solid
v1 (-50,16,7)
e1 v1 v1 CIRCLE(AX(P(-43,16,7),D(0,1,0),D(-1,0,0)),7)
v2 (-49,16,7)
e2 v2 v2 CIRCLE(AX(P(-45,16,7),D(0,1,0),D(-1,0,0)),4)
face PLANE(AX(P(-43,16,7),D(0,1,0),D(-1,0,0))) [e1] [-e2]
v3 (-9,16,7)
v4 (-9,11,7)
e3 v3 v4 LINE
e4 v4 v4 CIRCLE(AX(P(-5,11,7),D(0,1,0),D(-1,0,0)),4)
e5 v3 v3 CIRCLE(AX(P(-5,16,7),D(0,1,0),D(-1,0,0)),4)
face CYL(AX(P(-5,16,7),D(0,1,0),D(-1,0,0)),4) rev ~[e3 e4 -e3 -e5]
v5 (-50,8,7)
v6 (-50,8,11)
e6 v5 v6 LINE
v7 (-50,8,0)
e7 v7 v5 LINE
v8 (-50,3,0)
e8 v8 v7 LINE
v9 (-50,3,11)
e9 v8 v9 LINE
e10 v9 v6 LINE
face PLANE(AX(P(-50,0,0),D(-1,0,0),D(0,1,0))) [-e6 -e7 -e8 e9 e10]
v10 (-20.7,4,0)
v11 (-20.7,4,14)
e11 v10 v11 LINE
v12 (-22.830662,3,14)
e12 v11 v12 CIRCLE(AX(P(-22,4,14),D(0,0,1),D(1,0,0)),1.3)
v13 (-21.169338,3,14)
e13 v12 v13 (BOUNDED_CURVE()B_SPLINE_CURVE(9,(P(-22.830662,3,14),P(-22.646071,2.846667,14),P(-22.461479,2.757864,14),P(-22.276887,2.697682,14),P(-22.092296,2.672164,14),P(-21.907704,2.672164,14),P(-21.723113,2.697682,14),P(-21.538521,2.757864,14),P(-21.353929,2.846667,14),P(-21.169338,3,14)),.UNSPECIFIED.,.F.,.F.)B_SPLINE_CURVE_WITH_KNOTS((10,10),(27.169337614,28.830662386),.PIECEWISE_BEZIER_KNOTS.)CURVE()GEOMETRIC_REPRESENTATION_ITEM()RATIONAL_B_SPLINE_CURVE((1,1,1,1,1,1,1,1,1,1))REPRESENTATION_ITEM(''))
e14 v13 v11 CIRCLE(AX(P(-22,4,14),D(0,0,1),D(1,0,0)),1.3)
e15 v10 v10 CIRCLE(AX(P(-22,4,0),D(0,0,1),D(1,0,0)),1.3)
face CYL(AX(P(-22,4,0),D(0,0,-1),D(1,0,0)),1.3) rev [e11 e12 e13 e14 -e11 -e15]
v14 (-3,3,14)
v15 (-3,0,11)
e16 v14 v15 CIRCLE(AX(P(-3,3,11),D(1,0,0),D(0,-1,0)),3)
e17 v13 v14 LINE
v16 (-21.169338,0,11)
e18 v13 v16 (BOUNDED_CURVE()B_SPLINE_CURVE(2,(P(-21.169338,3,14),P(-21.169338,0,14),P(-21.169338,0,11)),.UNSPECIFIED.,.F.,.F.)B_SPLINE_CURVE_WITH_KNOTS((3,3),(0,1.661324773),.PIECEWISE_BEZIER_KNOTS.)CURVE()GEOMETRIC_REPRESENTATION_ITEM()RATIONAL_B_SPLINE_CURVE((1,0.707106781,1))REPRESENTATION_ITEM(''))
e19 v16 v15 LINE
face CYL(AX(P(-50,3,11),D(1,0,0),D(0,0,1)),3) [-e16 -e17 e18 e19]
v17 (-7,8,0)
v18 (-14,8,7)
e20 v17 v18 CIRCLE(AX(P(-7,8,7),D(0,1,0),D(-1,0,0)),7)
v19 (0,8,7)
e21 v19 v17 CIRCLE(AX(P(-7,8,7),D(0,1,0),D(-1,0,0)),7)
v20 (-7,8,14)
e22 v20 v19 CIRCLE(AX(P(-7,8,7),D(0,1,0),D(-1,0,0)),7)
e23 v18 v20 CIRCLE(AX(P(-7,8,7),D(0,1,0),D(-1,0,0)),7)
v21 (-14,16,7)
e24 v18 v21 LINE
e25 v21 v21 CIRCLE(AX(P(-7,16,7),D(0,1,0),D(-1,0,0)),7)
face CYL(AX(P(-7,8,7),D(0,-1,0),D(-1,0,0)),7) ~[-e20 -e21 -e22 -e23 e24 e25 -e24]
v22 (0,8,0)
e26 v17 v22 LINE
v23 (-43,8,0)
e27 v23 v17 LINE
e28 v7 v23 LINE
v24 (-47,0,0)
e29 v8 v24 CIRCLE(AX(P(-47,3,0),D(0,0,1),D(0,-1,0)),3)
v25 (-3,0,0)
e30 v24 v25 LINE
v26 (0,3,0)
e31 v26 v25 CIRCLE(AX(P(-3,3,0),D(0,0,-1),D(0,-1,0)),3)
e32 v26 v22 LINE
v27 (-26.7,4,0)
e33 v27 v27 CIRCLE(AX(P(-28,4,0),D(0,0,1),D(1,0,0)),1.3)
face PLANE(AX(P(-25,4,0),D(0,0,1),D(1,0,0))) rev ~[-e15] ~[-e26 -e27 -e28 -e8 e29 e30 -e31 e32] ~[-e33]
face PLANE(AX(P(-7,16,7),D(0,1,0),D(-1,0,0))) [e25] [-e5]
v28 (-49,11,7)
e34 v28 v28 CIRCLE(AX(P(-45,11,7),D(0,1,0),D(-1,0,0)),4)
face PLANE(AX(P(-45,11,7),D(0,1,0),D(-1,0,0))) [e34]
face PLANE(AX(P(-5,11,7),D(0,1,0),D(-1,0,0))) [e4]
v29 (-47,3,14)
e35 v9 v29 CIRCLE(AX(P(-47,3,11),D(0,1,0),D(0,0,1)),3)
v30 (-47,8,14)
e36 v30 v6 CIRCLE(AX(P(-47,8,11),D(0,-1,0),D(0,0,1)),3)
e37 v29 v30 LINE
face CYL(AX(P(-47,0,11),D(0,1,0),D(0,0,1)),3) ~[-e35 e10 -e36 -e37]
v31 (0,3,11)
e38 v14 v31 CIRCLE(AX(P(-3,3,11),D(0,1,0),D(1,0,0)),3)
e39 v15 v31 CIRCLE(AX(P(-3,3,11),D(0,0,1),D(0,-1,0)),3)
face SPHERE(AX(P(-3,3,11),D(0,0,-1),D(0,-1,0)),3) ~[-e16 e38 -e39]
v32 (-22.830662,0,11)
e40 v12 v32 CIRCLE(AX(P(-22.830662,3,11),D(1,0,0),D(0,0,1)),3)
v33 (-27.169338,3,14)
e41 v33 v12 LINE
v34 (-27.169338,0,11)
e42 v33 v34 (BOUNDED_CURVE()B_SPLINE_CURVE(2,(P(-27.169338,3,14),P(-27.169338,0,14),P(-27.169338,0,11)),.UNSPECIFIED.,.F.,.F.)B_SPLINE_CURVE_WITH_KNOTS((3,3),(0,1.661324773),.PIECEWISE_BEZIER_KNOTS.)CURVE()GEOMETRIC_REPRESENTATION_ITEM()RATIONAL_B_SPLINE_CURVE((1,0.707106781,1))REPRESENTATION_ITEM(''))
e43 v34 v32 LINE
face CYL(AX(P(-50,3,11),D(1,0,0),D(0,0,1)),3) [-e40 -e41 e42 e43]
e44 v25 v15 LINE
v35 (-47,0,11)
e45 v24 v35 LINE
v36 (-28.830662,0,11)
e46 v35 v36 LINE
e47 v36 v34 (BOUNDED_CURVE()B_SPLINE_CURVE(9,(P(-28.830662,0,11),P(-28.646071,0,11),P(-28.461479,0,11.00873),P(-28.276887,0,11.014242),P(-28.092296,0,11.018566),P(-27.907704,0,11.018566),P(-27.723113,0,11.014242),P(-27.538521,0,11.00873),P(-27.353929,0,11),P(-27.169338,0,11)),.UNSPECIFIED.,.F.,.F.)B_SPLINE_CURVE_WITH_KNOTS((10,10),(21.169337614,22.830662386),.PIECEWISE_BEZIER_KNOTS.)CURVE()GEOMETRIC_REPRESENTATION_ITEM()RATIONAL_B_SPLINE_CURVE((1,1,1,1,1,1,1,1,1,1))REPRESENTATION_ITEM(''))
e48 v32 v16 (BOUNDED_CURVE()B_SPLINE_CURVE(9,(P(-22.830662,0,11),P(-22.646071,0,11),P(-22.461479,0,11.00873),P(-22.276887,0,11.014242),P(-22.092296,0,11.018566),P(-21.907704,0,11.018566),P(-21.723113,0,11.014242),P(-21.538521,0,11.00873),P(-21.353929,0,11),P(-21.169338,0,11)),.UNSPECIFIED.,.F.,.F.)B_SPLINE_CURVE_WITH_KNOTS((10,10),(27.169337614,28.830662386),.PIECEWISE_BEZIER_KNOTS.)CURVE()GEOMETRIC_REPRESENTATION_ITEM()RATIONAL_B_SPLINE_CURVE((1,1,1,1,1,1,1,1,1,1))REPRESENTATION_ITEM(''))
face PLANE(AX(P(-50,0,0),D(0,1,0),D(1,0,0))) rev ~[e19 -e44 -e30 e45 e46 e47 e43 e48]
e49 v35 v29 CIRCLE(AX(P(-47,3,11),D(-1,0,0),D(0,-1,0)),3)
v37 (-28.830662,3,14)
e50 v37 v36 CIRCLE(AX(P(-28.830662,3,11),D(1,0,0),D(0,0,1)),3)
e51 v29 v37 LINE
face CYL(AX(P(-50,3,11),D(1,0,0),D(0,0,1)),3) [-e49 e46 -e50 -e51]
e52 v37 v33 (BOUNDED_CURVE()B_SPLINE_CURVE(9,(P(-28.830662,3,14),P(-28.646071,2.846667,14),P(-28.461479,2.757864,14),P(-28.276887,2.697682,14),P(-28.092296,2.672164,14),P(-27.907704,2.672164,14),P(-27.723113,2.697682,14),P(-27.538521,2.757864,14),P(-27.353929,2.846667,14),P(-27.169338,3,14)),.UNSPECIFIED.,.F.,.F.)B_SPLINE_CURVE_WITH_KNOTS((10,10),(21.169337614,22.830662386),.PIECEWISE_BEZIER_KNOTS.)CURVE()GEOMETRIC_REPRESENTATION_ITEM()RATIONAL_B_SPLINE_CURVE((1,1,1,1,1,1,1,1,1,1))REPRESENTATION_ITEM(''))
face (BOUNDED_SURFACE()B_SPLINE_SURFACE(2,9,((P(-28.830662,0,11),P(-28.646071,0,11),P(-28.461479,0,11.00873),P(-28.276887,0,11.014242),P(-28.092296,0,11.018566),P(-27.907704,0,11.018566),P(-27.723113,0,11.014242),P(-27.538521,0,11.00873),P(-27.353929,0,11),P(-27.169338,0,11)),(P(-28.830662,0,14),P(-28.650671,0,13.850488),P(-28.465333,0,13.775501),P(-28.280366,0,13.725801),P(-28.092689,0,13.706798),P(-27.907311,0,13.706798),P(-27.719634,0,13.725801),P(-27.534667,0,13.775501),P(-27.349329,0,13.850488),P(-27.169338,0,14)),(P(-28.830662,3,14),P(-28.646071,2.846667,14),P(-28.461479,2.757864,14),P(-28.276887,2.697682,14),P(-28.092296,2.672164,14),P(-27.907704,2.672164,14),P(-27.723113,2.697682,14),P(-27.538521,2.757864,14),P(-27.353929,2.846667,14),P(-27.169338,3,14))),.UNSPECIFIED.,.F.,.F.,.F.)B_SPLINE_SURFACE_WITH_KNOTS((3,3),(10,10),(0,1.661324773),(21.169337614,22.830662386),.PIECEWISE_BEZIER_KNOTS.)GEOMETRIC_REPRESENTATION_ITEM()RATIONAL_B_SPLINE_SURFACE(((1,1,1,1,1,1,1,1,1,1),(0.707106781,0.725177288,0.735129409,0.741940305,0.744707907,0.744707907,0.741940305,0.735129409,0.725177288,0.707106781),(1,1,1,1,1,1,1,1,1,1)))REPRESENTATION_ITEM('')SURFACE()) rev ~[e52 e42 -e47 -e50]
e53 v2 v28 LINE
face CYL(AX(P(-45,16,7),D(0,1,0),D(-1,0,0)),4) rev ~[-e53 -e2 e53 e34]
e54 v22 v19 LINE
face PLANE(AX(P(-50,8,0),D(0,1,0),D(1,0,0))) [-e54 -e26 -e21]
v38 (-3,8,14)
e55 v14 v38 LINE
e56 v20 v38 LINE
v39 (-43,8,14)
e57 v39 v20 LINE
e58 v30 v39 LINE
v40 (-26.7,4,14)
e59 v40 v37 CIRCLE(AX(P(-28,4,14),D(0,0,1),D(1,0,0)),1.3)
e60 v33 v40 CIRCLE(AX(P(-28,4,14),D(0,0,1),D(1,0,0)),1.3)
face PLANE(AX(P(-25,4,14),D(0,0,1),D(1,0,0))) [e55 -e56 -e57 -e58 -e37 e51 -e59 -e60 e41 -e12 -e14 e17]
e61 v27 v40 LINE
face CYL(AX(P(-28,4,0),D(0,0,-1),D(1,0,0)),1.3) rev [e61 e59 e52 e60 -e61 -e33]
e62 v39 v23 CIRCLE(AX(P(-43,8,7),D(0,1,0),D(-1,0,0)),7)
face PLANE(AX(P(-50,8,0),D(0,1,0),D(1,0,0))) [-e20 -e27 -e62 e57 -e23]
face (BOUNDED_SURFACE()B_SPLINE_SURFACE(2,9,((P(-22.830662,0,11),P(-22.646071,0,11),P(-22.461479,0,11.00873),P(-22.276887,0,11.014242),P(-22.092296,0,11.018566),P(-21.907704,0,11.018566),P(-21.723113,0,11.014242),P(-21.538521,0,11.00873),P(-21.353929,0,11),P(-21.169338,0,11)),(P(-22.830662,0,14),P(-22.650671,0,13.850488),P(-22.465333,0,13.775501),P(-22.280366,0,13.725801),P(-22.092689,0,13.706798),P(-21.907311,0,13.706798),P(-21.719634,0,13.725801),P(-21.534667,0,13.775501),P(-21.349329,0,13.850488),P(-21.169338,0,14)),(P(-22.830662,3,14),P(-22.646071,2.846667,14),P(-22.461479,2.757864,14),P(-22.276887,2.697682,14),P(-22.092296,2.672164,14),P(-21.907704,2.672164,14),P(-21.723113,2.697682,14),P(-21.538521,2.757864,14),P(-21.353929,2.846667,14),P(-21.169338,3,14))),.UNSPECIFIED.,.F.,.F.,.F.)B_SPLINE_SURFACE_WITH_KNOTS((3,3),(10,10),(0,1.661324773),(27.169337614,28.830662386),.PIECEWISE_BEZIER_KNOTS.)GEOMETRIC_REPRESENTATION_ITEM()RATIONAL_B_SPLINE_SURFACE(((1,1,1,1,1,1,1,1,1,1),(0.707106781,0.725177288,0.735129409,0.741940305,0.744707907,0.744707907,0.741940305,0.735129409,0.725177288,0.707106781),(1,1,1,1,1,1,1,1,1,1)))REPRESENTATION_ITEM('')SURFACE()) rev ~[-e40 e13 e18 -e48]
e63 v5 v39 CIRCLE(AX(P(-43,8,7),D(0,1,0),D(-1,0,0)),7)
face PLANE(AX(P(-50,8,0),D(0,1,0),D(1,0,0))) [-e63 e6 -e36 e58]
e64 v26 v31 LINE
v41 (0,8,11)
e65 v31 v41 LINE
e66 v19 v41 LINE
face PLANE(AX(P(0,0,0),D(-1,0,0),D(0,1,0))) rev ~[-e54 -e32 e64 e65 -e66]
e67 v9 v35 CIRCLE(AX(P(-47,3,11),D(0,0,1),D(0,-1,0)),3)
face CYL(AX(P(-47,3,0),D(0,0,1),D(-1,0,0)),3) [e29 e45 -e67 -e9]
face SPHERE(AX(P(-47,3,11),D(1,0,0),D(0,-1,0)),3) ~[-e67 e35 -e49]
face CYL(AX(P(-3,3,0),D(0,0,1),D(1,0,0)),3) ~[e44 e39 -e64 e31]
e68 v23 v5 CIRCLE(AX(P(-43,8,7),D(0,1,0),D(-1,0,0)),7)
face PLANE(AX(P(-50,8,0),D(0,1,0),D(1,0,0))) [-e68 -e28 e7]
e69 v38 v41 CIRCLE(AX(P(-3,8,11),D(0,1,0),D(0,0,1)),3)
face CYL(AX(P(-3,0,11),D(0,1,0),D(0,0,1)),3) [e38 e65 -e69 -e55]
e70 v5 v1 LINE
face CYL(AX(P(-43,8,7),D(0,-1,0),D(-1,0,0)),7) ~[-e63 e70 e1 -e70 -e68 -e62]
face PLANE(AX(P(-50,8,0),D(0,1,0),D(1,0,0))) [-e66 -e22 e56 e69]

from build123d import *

# Parameters (mm, degrees)
SKETCH_W     = 50
SKETCH_H     = 8
SKETCH_R     = 1.3
PAD_DEPTH    = 14
SKETCH001_R  = 7
PAD001_DEPTH = 8
SKETCH002_R  = 4
POCKET_DEPTH = 5
FILLET_R     = 3


with BuildPart() as part:
    # Sketch → Pad (new body)
    with BuildSketch(Plane.XY):
        with Locations((-25, 4)):
            Rectangle(SKETCH_W, SKETCH_H)
        with Locations((-28, 4)):
            Circle(SKETCH_R, mode=Mode.SUBTRACT)
        with Locations((-22, 4)):
            Circle(SKETCH_R, mode=Mode.SUBTRACT)
    extrude(amount=PAD_DEPTH)

    # Sketch001 (on Face1 of Pad) → Pad001 (join)
    with BuildSketch(Plane(origin=(0, 8, 0), x_dir=(-1, 0, 0), z_dir=(0, 1, 0))):
        with Locations((7, 7)):
            Circle(SKETCH001_R)
        with Locations((43, 7)):
            Circle(SKETCH001_R)
    extrude(amount=PAD001_DEPTH)

    # Sketch002 (on Face5 of Pad001) → Pocket (cut)
    with BuildSketch(Plane(origin=(0, 16, 0), x_dir=(-1, 0, 0), z_dir=(0, 1, 0))):
        with Locations((5, 7)):
            Circle(SKETCH002_R)
        with Locations((45, 7)):
            Circle(SKETCH002_R)
    extrude(amount=-POCKET_DEPTH, mode=Mode.SUBTRACT)

    # Fillet
    fillet_edges = [part.edges().sort_by_distance(p)[0] for p in [
        (0, 0, 7),
        (-25, 0, 14),
        (-50, 0, 7),
        (0, 4, 14),
        (-50, 4, 14),
    ]]
    fillet(fillet_edges, radius=FILLET_R)


solid = part.part
